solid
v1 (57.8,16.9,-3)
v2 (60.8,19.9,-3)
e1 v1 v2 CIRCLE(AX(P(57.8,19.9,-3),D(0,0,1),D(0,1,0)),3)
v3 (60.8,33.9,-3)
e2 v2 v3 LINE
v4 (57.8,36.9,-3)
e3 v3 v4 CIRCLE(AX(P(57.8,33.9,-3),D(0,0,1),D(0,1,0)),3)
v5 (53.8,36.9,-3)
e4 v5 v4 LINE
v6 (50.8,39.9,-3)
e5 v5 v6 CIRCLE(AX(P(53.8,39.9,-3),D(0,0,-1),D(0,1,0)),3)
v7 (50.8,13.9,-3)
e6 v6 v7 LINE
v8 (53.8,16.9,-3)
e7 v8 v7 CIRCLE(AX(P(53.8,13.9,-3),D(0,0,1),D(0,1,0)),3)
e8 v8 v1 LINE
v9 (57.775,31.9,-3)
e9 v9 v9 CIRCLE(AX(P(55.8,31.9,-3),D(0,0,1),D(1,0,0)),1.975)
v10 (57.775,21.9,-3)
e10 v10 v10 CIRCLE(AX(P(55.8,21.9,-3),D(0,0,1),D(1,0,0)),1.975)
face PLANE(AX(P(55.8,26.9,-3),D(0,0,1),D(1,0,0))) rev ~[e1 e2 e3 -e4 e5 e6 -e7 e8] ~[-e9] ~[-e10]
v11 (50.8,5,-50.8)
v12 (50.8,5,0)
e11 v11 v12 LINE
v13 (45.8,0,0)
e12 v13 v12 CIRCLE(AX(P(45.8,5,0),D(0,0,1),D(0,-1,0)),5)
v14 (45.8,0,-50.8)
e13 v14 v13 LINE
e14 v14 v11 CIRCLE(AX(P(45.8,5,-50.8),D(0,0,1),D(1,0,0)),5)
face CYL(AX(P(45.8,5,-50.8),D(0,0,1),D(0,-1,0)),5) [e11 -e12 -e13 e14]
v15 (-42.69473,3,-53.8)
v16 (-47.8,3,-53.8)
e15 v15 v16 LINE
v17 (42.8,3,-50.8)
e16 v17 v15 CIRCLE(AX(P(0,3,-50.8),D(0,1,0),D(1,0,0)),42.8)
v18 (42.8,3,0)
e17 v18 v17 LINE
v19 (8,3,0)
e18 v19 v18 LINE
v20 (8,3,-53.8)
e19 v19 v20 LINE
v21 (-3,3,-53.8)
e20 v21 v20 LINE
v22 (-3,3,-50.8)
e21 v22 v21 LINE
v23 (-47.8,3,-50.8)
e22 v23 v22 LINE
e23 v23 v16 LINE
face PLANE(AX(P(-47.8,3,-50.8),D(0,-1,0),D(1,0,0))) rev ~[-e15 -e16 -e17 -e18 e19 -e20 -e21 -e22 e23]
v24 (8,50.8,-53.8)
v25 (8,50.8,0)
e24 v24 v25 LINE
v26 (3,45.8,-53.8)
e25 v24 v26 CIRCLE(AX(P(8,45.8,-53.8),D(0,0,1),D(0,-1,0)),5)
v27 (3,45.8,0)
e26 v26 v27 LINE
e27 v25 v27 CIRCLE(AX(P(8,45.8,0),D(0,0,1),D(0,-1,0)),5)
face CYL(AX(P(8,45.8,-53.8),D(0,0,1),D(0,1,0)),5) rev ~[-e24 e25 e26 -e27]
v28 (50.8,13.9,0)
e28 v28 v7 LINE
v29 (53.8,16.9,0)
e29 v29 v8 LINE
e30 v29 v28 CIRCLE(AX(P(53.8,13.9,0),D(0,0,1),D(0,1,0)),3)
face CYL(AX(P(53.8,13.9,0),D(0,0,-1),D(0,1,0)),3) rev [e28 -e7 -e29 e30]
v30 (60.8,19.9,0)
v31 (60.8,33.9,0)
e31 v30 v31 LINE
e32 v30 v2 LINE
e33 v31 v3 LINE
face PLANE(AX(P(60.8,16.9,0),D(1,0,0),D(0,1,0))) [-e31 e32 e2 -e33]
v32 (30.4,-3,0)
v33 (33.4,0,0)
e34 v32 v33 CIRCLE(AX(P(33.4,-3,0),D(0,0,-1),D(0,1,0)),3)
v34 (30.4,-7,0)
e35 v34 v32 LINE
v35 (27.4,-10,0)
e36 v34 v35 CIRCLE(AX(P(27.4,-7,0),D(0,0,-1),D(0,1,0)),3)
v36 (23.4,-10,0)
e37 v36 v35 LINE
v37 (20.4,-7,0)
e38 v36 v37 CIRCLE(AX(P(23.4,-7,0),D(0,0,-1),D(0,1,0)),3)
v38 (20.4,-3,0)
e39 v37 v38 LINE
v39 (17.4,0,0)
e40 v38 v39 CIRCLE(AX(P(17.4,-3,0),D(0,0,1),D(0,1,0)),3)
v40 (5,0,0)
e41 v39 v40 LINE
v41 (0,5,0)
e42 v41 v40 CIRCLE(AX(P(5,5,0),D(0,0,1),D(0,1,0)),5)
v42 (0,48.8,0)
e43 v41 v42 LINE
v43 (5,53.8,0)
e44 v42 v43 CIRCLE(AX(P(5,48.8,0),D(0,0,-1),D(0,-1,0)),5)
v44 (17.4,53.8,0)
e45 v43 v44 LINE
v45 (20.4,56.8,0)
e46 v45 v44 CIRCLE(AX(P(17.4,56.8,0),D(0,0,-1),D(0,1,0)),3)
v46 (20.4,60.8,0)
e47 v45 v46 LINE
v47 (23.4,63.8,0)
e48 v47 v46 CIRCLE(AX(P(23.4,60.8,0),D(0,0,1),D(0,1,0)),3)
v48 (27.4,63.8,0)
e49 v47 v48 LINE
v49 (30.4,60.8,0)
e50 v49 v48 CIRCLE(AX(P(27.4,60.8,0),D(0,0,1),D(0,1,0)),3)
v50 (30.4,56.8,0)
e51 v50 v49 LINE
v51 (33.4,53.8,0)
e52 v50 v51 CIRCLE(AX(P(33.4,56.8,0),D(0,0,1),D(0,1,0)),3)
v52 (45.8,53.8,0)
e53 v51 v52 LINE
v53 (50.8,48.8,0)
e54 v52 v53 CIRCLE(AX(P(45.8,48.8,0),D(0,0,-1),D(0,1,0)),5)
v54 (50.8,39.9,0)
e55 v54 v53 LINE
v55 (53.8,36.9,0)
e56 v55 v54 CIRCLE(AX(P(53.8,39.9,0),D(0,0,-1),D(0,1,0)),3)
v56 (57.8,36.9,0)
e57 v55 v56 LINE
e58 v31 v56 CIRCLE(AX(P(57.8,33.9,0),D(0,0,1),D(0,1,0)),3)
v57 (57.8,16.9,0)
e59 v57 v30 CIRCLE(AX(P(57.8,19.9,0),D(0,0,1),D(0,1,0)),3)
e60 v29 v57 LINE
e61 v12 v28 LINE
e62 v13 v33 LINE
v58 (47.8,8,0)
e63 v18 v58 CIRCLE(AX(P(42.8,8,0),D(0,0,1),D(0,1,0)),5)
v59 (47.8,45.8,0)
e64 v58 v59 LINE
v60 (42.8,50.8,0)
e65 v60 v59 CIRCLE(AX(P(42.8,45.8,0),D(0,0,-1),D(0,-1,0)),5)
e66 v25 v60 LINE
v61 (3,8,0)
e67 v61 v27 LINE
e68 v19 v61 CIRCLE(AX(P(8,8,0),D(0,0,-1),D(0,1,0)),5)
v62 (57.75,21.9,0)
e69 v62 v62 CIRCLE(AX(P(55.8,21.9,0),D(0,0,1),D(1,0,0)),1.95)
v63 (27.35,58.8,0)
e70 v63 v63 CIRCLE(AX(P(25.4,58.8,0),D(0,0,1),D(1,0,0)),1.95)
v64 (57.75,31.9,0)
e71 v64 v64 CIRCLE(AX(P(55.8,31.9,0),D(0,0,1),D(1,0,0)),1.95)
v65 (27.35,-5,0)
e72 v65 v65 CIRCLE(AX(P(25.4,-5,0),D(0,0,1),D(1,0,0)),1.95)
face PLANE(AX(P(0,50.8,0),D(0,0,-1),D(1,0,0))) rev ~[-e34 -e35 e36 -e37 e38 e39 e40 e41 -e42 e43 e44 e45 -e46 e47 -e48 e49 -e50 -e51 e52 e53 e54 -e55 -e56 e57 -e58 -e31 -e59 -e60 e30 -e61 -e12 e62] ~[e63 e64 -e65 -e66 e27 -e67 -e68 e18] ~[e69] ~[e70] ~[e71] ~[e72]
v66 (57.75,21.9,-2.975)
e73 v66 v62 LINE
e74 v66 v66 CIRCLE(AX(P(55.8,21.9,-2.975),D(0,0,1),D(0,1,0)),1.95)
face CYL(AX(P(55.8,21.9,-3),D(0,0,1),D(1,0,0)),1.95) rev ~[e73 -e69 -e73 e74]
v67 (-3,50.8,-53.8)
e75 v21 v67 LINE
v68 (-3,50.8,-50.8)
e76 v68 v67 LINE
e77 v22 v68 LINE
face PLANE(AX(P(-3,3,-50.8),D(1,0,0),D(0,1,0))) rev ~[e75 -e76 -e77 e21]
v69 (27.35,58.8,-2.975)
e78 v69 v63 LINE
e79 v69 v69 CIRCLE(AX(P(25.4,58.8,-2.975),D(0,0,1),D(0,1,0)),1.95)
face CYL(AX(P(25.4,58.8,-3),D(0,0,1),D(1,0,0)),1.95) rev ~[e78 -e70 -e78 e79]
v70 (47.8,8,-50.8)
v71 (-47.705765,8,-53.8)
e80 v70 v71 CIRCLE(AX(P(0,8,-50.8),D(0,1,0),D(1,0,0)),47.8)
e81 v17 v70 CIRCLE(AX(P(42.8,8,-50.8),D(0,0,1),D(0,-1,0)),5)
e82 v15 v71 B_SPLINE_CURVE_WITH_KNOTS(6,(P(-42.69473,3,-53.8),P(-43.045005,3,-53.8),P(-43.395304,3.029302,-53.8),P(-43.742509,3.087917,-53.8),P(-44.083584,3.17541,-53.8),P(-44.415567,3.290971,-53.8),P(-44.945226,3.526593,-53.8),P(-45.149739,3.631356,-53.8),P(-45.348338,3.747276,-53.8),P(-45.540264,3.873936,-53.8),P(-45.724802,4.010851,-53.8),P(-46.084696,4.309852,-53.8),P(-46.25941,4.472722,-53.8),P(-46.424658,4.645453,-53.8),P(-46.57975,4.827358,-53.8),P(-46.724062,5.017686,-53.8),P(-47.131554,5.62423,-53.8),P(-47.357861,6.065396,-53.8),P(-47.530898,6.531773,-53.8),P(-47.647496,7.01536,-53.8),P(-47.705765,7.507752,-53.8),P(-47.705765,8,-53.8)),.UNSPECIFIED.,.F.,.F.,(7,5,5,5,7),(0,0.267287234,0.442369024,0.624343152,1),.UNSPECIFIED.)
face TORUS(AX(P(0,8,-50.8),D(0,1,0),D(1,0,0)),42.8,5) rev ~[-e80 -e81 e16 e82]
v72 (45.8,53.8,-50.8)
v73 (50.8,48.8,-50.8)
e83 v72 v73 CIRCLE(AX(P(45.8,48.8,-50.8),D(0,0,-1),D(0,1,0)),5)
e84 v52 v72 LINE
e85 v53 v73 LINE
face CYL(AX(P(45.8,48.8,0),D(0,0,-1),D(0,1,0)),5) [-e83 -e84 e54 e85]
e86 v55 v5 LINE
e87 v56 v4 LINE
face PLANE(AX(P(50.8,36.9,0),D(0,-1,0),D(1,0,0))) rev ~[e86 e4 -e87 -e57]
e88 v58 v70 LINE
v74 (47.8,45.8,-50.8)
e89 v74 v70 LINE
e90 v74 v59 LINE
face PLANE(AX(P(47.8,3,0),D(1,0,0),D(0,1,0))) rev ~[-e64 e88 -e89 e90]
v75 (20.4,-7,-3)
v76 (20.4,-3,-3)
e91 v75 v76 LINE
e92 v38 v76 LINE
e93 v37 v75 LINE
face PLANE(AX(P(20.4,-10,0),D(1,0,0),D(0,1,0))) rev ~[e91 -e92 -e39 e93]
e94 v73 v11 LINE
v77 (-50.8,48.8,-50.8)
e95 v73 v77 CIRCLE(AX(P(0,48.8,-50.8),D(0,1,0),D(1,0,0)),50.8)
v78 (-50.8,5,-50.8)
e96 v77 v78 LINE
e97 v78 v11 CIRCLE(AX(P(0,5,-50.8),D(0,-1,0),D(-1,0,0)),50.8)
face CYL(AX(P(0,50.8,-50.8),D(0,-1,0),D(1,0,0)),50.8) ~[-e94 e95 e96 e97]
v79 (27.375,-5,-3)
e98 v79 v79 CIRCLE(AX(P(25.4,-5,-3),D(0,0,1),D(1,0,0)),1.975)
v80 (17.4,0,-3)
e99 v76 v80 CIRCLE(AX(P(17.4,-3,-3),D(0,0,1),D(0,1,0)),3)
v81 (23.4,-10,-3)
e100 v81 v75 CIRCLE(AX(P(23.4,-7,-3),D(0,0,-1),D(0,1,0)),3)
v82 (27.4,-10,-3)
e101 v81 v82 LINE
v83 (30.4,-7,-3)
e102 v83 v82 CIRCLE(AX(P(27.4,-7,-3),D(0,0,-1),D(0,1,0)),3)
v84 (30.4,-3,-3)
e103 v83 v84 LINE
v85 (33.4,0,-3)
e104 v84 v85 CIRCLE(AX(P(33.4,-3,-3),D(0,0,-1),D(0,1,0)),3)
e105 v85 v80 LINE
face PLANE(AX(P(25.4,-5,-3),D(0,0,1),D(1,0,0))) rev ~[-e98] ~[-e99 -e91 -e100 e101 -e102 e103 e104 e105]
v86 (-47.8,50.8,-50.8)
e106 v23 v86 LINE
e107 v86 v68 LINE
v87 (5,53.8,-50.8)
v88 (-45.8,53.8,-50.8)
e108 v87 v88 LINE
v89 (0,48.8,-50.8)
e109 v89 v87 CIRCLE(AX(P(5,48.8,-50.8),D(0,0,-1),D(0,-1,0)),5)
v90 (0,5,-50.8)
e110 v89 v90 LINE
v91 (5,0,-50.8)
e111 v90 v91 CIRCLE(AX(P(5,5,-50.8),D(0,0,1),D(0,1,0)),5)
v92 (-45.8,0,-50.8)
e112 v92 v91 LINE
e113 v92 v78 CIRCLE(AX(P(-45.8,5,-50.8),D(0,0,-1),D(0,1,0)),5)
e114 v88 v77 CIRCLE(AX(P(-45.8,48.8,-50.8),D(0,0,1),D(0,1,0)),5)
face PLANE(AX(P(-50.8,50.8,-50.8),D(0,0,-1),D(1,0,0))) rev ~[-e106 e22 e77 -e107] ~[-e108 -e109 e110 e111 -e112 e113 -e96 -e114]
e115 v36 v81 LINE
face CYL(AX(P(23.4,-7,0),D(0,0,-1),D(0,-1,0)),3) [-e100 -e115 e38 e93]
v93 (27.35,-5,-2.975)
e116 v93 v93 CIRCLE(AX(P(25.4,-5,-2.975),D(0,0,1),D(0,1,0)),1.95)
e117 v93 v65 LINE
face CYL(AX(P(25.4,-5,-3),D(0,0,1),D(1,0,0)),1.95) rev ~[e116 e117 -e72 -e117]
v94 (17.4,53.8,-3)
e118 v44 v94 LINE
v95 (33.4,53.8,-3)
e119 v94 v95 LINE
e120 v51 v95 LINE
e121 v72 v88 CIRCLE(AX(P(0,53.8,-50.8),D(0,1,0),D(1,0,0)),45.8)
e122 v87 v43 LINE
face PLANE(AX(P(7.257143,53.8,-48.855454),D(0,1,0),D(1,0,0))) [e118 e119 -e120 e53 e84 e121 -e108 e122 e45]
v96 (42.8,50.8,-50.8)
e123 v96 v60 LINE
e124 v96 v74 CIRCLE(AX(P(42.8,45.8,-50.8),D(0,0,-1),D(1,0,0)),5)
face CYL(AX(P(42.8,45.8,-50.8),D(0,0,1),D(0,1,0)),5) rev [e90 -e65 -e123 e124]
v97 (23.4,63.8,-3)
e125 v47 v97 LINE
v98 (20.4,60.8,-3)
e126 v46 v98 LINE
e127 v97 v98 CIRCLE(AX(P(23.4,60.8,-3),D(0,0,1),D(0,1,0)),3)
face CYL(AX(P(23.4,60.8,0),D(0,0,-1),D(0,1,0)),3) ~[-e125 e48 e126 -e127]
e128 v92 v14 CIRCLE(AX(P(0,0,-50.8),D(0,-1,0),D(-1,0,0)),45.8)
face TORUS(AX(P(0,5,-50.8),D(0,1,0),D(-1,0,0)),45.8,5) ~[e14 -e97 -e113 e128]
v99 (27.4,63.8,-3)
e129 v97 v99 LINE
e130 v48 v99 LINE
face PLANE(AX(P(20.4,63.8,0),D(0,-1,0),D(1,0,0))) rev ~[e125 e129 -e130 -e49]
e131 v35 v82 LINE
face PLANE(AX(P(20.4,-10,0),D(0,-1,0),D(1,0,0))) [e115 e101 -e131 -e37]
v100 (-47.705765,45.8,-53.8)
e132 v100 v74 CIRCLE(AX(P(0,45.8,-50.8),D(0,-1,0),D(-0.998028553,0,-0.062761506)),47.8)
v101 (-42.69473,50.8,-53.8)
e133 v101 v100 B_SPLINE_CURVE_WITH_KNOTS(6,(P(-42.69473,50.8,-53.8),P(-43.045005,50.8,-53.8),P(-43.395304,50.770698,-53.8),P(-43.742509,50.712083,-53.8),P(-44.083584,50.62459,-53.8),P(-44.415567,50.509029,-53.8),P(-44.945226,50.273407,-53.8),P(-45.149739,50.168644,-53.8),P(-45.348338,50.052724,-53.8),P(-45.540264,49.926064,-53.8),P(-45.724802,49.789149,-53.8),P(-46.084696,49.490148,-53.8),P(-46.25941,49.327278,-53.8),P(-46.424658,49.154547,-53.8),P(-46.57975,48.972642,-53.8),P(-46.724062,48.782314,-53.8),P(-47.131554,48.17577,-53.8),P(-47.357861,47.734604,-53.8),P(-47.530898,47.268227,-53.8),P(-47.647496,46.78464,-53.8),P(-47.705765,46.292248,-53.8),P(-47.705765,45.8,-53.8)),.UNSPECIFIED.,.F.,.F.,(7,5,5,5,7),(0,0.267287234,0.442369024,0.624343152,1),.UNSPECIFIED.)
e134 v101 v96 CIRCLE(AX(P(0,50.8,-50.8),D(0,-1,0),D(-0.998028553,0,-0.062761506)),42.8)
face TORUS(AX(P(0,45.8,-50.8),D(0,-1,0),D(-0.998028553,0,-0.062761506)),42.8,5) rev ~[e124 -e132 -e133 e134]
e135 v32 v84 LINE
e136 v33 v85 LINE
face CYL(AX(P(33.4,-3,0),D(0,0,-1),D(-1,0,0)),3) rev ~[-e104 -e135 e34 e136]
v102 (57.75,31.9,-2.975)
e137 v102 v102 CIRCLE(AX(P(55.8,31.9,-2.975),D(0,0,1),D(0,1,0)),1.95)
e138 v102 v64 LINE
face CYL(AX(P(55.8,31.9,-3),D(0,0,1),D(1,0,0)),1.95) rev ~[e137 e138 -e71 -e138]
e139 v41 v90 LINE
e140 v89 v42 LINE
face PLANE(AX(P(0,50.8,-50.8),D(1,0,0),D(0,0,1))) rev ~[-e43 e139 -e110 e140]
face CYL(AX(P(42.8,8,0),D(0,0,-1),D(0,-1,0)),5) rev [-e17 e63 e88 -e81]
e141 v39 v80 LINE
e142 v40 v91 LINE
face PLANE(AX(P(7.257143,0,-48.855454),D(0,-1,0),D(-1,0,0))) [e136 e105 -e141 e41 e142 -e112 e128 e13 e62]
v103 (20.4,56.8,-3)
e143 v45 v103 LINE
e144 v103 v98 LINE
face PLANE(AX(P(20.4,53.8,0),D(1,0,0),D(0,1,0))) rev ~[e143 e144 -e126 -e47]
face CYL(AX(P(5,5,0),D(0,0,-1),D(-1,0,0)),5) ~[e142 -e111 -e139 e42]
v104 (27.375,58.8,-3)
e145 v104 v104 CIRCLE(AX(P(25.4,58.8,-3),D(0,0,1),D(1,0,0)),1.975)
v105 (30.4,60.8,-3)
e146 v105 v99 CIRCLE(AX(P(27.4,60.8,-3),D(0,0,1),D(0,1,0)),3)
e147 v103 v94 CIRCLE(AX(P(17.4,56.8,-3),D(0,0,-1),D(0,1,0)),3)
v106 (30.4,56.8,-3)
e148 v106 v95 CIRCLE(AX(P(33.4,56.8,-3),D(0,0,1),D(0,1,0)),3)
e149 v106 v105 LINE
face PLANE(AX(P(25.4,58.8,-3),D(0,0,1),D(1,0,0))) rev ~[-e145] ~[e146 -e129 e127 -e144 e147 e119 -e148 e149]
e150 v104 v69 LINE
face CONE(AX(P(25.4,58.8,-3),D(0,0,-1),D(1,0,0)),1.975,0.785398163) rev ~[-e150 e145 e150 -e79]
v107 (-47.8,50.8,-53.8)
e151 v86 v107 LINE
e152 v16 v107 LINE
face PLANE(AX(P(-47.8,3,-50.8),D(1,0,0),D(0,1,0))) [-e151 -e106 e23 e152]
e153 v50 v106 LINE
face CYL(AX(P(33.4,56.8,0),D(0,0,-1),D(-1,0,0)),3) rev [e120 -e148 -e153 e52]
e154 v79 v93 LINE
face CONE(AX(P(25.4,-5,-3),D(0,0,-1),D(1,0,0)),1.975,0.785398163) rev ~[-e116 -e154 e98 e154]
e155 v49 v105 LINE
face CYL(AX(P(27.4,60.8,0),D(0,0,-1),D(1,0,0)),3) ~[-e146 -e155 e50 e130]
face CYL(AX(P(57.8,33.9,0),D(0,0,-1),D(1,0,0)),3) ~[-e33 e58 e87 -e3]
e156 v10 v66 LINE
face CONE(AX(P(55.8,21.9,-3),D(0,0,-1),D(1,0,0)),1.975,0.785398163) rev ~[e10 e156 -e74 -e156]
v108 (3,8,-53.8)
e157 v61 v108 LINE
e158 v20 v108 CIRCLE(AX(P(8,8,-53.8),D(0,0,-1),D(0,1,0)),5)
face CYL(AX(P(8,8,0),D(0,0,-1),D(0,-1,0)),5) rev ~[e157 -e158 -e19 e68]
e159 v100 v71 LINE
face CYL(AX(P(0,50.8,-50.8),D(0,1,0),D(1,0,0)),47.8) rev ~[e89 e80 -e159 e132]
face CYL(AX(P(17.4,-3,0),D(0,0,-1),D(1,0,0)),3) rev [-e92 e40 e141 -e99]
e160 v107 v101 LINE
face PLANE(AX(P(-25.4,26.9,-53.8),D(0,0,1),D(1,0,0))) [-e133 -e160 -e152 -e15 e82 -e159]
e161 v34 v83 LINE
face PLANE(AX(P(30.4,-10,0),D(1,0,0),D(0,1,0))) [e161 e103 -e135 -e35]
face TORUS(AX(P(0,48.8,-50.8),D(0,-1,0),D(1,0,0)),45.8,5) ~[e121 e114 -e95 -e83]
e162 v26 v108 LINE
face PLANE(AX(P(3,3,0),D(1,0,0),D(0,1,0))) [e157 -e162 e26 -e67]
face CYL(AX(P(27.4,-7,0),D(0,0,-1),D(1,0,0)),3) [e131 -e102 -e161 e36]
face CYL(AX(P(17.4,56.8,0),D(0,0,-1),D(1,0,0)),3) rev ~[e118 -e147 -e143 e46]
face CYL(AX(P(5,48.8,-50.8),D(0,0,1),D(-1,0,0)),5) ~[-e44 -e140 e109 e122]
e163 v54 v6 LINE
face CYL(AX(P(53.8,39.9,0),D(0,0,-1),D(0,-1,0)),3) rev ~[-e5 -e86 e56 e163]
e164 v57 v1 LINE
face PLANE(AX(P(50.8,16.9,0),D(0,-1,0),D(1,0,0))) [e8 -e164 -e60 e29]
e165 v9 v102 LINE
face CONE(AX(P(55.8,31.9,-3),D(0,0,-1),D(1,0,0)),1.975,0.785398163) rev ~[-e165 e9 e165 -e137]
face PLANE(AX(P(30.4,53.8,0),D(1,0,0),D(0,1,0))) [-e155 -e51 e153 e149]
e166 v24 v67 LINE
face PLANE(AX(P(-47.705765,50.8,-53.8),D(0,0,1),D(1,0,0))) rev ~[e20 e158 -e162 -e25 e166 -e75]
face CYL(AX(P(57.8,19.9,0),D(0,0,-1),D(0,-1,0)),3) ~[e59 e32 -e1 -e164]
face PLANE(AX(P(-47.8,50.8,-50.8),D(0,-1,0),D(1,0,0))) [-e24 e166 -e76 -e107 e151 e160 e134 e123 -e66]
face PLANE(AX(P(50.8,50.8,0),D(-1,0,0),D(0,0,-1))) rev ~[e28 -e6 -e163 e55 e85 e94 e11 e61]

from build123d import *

# Parameters (mm, degrees)
BOSS_EXTRUDE1_DEPTH              = 50.8
CUT_EXTRUDE1_DEPTH               = 47.8
BOSS_EXTRUDE2_DEPTH              = 3
SKETCH4_W                        = 44.8
SKETCH4_H                        = 47.8
CUT_EXTRUDE2_DEPTH               = 3
SKETCH5_W                        = 44.8
SKETCH5_H                        = 47.8
CUT_EXTRUDE3_DEPTH               = 3
SKETCH6_W                        = 10
SKETCH6_H                        = 10
SKETCH6_H_2                      = 20
BOSS_EXTRUDE3_DEPTH              = 3
FILLET1_R                        = 5
FILLET2_R                        = 3
M3_5_CLEARANCE_HOLE2_D           = 3.9
M3_5_CLEARANCE_HOLE2_CSINK_D     = 3.95
M3_5_CLEARANCE_HOLE2_CSINK_ANGLE = 90


with BuildPart() as part:
    # Sketch1 → Boss-Extrude1 (new body)
    with BuildSketch(Plane(origin=(0, 0, 0), x_dir=(1, 0, 0), z_dir=(0, 1, 0))):
        with BuildLine():
            Line((0, 0), (0, 50.8))
            Line((0, 50.8), (-50.8, 50.8))
            ThreePointArc((-50.8, 50.8), (0, 101.6), (50.8, 50.8))
            Line((50.8, 50.8), (50.8, 0))
            Line((50.8, 0), (0, 0))
        make_face()
    extrude(amount=BOSS_EXTRUDE1_DEPTH)

    # Sketch2 → Cut-Extrude1 (cut)
    with BuildSketch(Plane(origin=(0, 50.8, 0), x_dir=(1, 0, 0), z_dir=(0, 1, 0))):
        with BuildLine():
            Line((3, 3), (47.8, 3))
            Line((47.8, 3), (47.8, 50.8))
            ThreePointArc((47.8, 50.8), (1.500739839, 98.576435404), (-47.705764851, 53.8))
            Line((-47.705764851, 53.8), (3, 53.8))
            Line((3, 53.8), (3, 3))
        make_face()
    extrude(amount=-CUT_EXTRUDE1_DEPTH, mode=Mode.SUBTRACT)

    # Sketch3 → Boss-Extrude2 (add)
    with BuildSketch(Plane(origin=(0, 50.8, 0), x_dir=(1, 0, 0), z_dir=(0, 1, 0))):
        with BuildLine():
            Line((0, 50.8), (0, 0))
            Line((0, 0), (50.8, 0))
            Line((50.8, 0), (50.8, 50.8))
            ThreePointArc((50.8, 50.8), (0, 101.6), (-50.8, 50.8))
            Line((-50.8, 50.8), (0, 50.8))
        make_face()
    extrude(amount=BOSS_EXTRUDE2_DEPTH)

    # Sketch4 → Cut-Extrude2 (cut)
    with BuildSketch(Plane.XY):
        with Locations((25.4, 26.9)):
            Rectangle(SKETCH4_W, SKETCH4_H)
    extrude(amount=-CUT_EXTRUDE2_DEPTH, mode=Mode.SUBTRACT)

    # Sketch5 → Cut-Extrude3 (cut)
    with BuildSketch(Plane.XY.offset(-50.8)):
        with Locations((-25.4, 26.9)):
            Rectangle(SKETCH5_W, SKETCH5_H)
    extrude(amount=-CUT_EXTRUDE3_DEPTH, mode=Mode.SUBTRACT)

    # Sketch6 → Boss-Extrude3 (add)
    with BuildSketch(Plane.XY):
        with Locations((25.4, 58.8)):
            Rectangle(SKETCH6_W, SKETCH6_H)
        with Locations((55.8, 26.9)):
            Rectangle(SKETCH6_W, SKETCH6_H_2)
        with Locations((25.4, -5)):
            Rectangle(SKETCH6_W, SKETCH6_H)
    extrude(amount=-BOSS_EXTRUDE3_DEPTH)

    # Fillet1
    fillet1_edges = [part.edges().sort_by_distance(p)[0] for p in [
        (3, 50.8, -26.9),
        (47.8, 50.8, -25.4),
        (1.500739839, 50.8, -98.576435404),
        (3, 3, -26.9),
        (1.500739839, 3, -98.576435404),
        (47.8, 3, -25.4),
        (0, 53.8, -25.4),
        (50.8, 53.8, -25.4),
        (0, 53.8, -101.6),
        (0, 0, -25.4),
        (0, 0, -101.6),
        (50.8, 0, -25.4),
    ]]
    fillet(fillet1_edges, radius=FILLET1_R)

    # Fillet2
    fillet2_edges = [part.edges().sort_by_distance(p)[0] for p in [
        (30.4, 0, -1.5),
        (30.4, -10, -1.5),
        (20.4, -10, -1.5),
        (20.4, 0, -1.5),
        (20.4, 53.8, -1.5),
        (20.4, 63.8, -1.5),
        (30.4, 63.8, -1.5),
        (30.4, 53.8, -1.5),
        (50.8, 16.9, -1.5),
        (50.8, 36.9, -1.5),
        (60.8, 36.9, -1.5),
        (60.8, 16.9, -1.5),
    ]]
    fillet(fillet2_edges, radius=FILLET2_R)

    # M3.5 Clearance Hole2 (through all)
    with Locations(Plane(origin=(0, 0, -3), x_dir=(-1, 0, 0), z_dir=(0, 0, -1))):
        with Locations((-55.8, 31.9), (-55.8, 21.9), (-25.4, 58.8), (-25.4, -5)):
            CounterSinkHole(M3_5_CLEARANCE_HOLE2_D / 2, M3_5_CLEARANCE_HOLE2_CSINK_D / 2, counter_sink_angle=M3_5_CLEARANCE_HOLE2_CSINK_ANGLE)


solid = part.part
